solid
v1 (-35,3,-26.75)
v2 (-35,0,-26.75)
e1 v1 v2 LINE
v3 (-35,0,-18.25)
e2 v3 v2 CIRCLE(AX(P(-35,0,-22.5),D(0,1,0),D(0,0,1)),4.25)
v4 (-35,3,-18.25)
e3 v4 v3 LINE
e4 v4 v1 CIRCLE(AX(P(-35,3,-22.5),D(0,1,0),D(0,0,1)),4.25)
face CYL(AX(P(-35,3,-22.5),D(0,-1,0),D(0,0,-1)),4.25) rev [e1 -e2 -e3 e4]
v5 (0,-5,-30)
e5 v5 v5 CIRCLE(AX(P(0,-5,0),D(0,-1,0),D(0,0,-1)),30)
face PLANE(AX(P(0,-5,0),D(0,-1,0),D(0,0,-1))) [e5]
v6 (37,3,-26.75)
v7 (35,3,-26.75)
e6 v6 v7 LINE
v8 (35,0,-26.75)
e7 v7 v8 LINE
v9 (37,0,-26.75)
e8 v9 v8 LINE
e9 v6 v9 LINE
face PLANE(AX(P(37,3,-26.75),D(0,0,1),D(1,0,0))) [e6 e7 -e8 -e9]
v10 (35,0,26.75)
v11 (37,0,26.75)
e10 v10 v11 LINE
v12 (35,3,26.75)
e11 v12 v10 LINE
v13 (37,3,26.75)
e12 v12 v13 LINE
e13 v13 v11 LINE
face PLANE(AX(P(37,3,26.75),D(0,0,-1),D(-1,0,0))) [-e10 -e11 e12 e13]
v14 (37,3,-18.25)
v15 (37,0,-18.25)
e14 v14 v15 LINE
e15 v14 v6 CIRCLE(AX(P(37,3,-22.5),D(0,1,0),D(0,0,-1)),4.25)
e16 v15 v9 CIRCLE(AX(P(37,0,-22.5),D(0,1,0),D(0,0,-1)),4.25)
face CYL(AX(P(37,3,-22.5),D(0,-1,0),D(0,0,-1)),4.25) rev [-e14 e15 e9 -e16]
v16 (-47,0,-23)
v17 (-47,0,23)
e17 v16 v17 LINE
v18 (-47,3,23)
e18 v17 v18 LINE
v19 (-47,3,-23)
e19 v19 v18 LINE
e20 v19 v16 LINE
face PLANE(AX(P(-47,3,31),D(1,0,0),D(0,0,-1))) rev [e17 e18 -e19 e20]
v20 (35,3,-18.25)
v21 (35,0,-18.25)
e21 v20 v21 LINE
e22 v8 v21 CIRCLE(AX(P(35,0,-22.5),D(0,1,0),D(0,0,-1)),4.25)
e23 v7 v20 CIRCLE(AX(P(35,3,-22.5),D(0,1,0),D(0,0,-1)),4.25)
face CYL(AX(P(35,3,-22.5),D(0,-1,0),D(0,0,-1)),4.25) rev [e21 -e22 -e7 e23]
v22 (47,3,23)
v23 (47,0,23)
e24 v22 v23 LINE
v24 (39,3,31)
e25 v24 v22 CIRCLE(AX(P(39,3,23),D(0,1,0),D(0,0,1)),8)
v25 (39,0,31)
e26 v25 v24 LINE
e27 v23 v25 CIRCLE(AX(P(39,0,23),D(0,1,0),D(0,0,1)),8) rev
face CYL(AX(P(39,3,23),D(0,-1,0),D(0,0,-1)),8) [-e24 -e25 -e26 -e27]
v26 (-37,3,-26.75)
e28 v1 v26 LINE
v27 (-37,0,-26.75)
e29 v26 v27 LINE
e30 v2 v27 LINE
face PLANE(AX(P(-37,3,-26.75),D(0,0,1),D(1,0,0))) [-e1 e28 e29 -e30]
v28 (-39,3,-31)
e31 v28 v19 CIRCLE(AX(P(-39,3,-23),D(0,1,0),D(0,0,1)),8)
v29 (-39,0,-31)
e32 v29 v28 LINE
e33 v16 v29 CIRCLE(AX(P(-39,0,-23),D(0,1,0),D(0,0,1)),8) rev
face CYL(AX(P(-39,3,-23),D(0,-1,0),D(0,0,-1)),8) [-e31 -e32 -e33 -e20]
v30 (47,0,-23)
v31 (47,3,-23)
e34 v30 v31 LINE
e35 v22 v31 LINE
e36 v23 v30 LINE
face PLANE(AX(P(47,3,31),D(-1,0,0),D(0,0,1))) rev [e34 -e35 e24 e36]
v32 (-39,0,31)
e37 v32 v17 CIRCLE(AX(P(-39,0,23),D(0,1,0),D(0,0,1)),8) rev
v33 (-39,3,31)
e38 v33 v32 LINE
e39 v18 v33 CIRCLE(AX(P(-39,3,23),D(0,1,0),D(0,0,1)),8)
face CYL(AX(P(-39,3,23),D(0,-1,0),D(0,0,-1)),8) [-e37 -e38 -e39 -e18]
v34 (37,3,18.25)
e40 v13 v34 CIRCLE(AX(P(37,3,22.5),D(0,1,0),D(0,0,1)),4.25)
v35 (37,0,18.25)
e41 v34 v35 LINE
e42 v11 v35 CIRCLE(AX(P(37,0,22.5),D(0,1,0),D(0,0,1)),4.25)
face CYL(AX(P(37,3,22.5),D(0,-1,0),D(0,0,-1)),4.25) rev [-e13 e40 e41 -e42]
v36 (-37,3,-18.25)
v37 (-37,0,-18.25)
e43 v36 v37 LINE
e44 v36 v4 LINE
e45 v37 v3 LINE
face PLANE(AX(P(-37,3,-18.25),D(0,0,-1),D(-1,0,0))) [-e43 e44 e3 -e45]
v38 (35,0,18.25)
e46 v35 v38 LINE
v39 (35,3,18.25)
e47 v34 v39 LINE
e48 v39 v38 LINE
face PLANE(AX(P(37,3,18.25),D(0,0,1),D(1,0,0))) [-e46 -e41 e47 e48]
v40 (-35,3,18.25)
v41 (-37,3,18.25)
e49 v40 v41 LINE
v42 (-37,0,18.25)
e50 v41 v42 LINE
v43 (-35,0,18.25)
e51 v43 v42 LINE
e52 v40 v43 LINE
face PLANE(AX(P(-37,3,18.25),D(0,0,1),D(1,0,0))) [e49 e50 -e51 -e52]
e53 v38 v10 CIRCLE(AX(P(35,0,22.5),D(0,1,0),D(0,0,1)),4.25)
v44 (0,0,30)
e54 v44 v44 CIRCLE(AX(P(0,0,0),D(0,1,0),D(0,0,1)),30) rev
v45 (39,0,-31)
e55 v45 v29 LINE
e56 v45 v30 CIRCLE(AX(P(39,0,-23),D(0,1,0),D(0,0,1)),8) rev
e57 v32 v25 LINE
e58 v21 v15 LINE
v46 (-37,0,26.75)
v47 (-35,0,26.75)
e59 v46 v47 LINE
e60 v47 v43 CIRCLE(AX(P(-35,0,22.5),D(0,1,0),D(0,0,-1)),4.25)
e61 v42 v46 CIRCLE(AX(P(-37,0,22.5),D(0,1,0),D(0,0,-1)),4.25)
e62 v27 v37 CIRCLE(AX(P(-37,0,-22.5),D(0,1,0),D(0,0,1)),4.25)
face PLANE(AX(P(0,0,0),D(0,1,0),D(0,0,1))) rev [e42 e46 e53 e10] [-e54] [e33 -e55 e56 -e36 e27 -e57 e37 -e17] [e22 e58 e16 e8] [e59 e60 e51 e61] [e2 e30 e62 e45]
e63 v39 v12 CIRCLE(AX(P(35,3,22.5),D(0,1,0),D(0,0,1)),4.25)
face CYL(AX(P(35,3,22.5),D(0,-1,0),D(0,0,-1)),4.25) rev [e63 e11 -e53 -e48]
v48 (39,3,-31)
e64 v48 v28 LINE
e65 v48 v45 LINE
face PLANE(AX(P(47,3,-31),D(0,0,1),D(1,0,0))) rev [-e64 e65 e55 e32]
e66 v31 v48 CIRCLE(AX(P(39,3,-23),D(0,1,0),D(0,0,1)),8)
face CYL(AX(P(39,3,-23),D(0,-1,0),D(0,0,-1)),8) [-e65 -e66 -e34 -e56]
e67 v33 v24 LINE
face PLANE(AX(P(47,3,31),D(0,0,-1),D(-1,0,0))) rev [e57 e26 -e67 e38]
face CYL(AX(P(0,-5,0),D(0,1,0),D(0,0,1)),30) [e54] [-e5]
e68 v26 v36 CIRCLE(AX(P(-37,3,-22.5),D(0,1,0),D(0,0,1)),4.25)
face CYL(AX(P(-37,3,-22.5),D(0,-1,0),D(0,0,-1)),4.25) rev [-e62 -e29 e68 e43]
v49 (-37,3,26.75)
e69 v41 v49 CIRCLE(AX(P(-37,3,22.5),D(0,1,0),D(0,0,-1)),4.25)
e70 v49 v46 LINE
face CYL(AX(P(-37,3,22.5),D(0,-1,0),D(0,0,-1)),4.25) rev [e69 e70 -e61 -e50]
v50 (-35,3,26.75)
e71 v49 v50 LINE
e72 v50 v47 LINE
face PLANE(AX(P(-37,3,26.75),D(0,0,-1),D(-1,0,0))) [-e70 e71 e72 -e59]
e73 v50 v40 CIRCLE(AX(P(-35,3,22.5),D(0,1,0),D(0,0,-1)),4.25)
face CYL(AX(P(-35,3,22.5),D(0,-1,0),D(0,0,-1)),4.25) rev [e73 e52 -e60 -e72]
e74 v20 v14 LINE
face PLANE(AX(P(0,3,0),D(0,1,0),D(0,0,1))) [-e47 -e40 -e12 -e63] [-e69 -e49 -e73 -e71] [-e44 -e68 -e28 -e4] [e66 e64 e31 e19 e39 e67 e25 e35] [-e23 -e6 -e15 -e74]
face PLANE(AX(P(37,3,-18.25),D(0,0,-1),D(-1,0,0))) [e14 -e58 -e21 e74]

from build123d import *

# Parameters (mm, degrees)
SKETCH_1_W      = 94
SKETCH_1_H      = 62
EXTRUDE_1_DEPTH = 3
FILLET_1_R      = 8
SKETCH_7_R      = 30
EXTRUDE_2_DEPTH = 5


with BuildPart() as part:
    # 草图1 → 凸台-拉伸1 (new body)
    with BuildSketch(Plane(origin=(0, 0, 0), x_dir=(1, 0, 0), z_dir=(0, 1, 0))):
        Rectangle(SKETCH_1_W, SKETCH_1_H)
        with BuildLine():
            Line((-37, 26.75), (-35, 26.75))
            ThreePointArc((-35, 26.75), (-30.75, 22.5), (-35, 18.25))
            Line((-35, 18.25), (-37, 18.25))
            ThreePointArc((-37, 18.25), (-41.25, 22.5), (-37, 26.75))
        make_face(mode=Mode.SUBTRACT)
        with BuildLine():
            Line((37, 26.75), (35, 26.75))
            ThreePointArc((35, 26.75), (30.75, 22.5), (35, 18.25))
            Line((35, 18.25), (37, 18.25))
            ThreePointArc((37, 18.25), (41.25, 22.5), (37, 26.75))
        make_face(mode=Mode.SUBTRACT)
        with BuildLine():
            Line((37, -26.75), (35, -26.75))
            ThreePointArc((35, -26.75), (30.75, -22.5), (35, -18.25))
            Line((35, -18.25), (37, -18.25))
            ThreePointArc((37, -18.25), (41.25, -22.5), (37, -26.75))
        make_face(mode=Mode.SUBTRACT)
        with BuildLine():
            Line((-37, -26.75), (-35, -26.75))
            ThreePointArc((-35, -26.75), (-30.75, -22.5), (-35, -18.25))
            Line((-35, -18.25), (-37, -18.25))
            ThreePointArc((-37, -18.25), (-41.25, -22.5), (-37, -26.75))
        make_face(mode=Mode.SUBTRACT)
    extrude(amount=EXTRUDE_1_DEPTH)

    # 圆角1
    fillet_1_edges = [part.edges().sort_by_distance(p)[0] for p in [
        (-47, 1.5, -31),
        (47, 1.5, -31),
        (47, 1.5, 31),
        (-47, 1.5, 31),
    ]]
    fillet(fillet_1_edges, radius=FILLET_1_R)

    # 草图7 → 凸台-拉伸2 (add)
    with BuildSketch(Plane.XZ):
        with Locations(Location((0, 0, 0), (0, 0, 90))):
            Circle(SKETCH_7_R)
    extrude(amount=EXTRUDE_2_DEPTH)


solid = part.part
